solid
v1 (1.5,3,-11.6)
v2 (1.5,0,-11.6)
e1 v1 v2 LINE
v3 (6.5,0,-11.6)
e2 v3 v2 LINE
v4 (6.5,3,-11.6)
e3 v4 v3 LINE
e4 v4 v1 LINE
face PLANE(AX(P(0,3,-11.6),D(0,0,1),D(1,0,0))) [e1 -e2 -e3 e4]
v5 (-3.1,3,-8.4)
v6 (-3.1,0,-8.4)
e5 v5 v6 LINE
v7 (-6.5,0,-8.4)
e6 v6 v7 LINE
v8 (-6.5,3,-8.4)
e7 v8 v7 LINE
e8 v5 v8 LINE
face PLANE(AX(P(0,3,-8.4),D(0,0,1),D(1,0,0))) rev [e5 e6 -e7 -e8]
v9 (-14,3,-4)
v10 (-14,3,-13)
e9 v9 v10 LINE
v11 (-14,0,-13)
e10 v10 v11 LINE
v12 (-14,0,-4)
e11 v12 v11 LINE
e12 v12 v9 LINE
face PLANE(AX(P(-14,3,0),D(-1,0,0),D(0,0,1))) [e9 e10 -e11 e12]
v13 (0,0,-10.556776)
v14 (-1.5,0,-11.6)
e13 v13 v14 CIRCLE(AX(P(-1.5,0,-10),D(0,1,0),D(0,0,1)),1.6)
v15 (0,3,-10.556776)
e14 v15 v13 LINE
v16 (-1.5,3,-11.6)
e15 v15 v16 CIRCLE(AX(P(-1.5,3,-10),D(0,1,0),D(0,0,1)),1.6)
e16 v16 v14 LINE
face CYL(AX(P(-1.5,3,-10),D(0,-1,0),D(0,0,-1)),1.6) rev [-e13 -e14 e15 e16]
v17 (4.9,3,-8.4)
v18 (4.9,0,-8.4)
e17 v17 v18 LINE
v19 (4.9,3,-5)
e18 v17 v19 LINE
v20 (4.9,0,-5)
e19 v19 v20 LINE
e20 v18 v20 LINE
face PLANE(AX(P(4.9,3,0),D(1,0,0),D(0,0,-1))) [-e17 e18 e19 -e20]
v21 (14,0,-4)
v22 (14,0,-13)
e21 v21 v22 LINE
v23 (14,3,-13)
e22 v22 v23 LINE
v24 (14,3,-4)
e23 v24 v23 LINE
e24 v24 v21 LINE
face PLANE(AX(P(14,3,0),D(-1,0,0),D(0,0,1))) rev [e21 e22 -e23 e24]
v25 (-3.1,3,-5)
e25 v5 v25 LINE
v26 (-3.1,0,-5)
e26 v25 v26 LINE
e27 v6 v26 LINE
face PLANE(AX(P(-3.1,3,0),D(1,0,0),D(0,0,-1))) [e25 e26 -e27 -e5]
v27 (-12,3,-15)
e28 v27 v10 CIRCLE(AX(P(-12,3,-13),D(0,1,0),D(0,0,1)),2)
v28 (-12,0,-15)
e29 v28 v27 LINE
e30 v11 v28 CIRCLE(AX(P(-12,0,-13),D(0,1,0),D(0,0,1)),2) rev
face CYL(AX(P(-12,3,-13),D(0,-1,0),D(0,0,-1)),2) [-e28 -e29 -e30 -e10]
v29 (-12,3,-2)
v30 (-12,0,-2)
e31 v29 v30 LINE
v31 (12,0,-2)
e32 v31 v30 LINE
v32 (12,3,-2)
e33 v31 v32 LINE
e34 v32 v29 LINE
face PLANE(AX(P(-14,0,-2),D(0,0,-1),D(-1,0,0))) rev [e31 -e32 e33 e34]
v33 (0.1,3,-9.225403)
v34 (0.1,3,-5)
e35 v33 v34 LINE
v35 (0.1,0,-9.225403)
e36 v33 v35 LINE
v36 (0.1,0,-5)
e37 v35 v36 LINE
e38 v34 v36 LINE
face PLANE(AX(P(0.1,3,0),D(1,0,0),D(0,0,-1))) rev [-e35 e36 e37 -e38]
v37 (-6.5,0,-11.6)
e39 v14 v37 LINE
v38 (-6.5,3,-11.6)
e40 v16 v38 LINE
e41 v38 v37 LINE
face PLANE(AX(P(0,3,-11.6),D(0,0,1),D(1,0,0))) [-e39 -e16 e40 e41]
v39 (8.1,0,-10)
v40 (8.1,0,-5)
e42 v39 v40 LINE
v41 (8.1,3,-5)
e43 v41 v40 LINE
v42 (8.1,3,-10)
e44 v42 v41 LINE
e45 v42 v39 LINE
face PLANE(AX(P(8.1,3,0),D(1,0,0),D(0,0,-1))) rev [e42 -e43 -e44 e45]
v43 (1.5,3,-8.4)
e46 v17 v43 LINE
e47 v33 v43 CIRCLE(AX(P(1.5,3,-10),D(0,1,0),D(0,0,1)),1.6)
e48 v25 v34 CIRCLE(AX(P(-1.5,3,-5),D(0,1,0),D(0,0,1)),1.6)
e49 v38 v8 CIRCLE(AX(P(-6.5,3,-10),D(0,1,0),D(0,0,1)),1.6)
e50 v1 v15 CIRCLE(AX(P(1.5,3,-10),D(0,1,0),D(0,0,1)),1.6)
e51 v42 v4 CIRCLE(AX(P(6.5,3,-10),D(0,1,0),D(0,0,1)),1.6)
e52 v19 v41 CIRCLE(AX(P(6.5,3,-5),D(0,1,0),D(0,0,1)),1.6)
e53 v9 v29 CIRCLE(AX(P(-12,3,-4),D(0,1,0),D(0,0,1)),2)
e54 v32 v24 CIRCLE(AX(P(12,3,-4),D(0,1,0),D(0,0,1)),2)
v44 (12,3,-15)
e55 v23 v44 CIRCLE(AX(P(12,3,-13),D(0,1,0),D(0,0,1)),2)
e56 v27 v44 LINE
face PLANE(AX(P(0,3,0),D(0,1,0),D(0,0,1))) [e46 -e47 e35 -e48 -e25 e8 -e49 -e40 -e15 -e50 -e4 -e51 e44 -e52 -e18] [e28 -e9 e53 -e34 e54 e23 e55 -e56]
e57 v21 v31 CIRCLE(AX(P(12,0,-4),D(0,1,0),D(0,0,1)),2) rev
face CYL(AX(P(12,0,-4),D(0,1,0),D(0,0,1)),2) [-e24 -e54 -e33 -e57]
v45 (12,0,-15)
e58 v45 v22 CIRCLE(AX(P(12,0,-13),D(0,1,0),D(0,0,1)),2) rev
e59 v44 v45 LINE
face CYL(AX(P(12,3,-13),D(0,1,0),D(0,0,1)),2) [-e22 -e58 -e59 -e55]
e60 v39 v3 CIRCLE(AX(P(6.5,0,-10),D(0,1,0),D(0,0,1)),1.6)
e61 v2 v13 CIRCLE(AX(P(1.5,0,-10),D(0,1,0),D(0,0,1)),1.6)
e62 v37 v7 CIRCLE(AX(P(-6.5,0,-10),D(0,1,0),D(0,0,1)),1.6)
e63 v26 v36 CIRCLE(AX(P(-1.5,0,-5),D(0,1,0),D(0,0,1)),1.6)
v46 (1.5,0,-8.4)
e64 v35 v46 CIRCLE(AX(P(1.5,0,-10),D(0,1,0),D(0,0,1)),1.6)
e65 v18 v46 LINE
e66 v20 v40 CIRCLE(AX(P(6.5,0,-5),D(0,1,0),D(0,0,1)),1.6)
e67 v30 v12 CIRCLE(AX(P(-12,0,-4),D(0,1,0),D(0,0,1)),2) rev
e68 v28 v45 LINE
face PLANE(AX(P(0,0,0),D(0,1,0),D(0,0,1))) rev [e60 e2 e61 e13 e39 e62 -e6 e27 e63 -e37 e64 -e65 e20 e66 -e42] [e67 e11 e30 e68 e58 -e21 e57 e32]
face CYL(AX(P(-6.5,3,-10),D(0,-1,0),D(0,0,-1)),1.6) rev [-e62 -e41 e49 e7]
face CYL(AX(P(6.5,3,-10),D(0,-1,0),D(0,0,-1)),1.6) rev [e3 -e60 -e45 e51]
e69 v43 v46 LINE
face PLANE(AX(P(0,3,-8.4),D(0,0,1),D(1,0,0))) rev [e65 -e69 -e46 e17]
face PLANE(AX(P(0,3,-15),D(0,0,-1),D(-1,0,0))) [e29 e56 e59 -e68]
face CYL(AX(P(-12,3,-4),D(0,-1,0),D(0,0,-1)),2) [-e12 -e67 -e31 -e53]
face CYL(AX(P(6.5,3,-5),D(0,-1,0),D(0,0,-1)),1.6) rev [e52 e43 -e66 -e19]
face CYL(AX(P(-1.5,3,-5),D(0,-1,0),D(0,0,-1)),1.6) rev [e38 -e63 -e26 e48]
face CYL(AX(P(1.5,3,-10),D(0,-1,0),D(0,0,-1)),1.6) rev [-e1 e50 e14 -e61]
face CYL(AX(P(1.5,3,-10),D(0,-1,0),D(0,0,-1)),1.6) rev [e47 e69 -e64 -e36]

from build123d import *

# Parameters (mm, degrees)
SKETCH1_W           = 28
SKETCH1_H           = 30
BOSS_EXTRUDE1_DEPTH = 3
SKETCH2_R           = 1.6
CUT_EXTRUDE1_DEPTH  = 4
SKETCH3_W           = 28
SKETCH3_H           = 17
CUT_EXTRUDE2_DEPTH  = 4
FILLET1_R           = 2


with BuildPart() as part:
    # Sketch1 → Boss-Extrude1 (new body)
    with BuildSketch(Plane(origin=(0, 0, 0), x_dir=(1, 0, 0), z_dir=(0, 1, 0))):
        Rectangle(SKETCH1_W, SKETCH1_H)
        with BuildLine():
            ThreePointArc((1.5, 8.4), (0.687397597, 8.621712173), (0.1, 9.225403331))
            Line((0.1, 9.225403331), (0.1, 5))
            ThreePointArc((0.1, 5), (-1.5, 3.4), (-3.1, 5))
            Line((-3.1, 5), (-3.1, 8.4))
            Line((-3.1, 8.4), (-6.5, 8.4))
            ThreePointArc((-6.5, 8.4), (-8.1, 10), (-6.5, 11.6))
            Line((-6.5, 11.6), (-1.5, 11.6))
            ThreePointArc((-1.5, 11.6), (-0.586447127, 11.313552873), (0, 10.556776436))
            ThreePointArc((0, 10.556776436), (0.586447127, 11.313552873), (1.5, 11.6))
            Line((1.5, 11.6), (6.5, 11.6))
            ThreePointArc((6.5, 11.6), (7.63137085, 11.13137085), (8.1, 10))
            Line((8.1, 10), (8.1, 5))
            ThreePointArc((8.1, 5), (6.5, 3.4), (4.9, 5))
            Line((4.9, 5), (4.9, 8.4))
            Line((4.9, 8.4), (1.5, 8.4))
        make_face(mode=Mode.SUBTRACT)
    extrude(amount=BOSS_EXTRUDE1_DEPTH)

    # Sketch2 → Cut-Extrude1 (cut, through all)
    with BuildSketch(Plane(origin=(0, 3, 0), x_dir=(1, 0, 0), z_dir=(0, 1, 0))):
        with Locations((-5.25, -10)):
            Circle(SKETCH2_R)
        with Locations((5.25, -10)):
            Circle(SKETCH2_R)
        Polygon((14, 0), (8.5, -15), (14, -15), align=None)
        Polygon((-8.5, -15), (-14, -15), (-14, 0), align=None)
    extrude(amount=-CUT_EXTRUDE1_DEPTH, mode=Mode.SUBTRACT)

    # Sketch3 → Cut-Extrude2 (cut, through all)
    with BuildSketch(Plane(origin=(0, 3, 0), x_dir=(1, 0, 0), z_dir=(0, 1, 0))):
        with Locations((0, -6.5)):
            Rectangle(SKETCH3_W, SKETCH3_H)
    extrude(amount=-CUT_EXTRUDE2_DEPTH, mode=Mode.SUBTRACT)

    # Fillet1
    fillet1_edges = [part.edges().sort_by_distance(p)[0] for p in [
        (-14, 1.5, -15),
        (14, 1.5, -15),
        (14, 1.5, -2),
        (-14, 1.5, -2),
    ]]
    fillet(fillet1_edges, radius=FILLET1_R)


solid = part.part
